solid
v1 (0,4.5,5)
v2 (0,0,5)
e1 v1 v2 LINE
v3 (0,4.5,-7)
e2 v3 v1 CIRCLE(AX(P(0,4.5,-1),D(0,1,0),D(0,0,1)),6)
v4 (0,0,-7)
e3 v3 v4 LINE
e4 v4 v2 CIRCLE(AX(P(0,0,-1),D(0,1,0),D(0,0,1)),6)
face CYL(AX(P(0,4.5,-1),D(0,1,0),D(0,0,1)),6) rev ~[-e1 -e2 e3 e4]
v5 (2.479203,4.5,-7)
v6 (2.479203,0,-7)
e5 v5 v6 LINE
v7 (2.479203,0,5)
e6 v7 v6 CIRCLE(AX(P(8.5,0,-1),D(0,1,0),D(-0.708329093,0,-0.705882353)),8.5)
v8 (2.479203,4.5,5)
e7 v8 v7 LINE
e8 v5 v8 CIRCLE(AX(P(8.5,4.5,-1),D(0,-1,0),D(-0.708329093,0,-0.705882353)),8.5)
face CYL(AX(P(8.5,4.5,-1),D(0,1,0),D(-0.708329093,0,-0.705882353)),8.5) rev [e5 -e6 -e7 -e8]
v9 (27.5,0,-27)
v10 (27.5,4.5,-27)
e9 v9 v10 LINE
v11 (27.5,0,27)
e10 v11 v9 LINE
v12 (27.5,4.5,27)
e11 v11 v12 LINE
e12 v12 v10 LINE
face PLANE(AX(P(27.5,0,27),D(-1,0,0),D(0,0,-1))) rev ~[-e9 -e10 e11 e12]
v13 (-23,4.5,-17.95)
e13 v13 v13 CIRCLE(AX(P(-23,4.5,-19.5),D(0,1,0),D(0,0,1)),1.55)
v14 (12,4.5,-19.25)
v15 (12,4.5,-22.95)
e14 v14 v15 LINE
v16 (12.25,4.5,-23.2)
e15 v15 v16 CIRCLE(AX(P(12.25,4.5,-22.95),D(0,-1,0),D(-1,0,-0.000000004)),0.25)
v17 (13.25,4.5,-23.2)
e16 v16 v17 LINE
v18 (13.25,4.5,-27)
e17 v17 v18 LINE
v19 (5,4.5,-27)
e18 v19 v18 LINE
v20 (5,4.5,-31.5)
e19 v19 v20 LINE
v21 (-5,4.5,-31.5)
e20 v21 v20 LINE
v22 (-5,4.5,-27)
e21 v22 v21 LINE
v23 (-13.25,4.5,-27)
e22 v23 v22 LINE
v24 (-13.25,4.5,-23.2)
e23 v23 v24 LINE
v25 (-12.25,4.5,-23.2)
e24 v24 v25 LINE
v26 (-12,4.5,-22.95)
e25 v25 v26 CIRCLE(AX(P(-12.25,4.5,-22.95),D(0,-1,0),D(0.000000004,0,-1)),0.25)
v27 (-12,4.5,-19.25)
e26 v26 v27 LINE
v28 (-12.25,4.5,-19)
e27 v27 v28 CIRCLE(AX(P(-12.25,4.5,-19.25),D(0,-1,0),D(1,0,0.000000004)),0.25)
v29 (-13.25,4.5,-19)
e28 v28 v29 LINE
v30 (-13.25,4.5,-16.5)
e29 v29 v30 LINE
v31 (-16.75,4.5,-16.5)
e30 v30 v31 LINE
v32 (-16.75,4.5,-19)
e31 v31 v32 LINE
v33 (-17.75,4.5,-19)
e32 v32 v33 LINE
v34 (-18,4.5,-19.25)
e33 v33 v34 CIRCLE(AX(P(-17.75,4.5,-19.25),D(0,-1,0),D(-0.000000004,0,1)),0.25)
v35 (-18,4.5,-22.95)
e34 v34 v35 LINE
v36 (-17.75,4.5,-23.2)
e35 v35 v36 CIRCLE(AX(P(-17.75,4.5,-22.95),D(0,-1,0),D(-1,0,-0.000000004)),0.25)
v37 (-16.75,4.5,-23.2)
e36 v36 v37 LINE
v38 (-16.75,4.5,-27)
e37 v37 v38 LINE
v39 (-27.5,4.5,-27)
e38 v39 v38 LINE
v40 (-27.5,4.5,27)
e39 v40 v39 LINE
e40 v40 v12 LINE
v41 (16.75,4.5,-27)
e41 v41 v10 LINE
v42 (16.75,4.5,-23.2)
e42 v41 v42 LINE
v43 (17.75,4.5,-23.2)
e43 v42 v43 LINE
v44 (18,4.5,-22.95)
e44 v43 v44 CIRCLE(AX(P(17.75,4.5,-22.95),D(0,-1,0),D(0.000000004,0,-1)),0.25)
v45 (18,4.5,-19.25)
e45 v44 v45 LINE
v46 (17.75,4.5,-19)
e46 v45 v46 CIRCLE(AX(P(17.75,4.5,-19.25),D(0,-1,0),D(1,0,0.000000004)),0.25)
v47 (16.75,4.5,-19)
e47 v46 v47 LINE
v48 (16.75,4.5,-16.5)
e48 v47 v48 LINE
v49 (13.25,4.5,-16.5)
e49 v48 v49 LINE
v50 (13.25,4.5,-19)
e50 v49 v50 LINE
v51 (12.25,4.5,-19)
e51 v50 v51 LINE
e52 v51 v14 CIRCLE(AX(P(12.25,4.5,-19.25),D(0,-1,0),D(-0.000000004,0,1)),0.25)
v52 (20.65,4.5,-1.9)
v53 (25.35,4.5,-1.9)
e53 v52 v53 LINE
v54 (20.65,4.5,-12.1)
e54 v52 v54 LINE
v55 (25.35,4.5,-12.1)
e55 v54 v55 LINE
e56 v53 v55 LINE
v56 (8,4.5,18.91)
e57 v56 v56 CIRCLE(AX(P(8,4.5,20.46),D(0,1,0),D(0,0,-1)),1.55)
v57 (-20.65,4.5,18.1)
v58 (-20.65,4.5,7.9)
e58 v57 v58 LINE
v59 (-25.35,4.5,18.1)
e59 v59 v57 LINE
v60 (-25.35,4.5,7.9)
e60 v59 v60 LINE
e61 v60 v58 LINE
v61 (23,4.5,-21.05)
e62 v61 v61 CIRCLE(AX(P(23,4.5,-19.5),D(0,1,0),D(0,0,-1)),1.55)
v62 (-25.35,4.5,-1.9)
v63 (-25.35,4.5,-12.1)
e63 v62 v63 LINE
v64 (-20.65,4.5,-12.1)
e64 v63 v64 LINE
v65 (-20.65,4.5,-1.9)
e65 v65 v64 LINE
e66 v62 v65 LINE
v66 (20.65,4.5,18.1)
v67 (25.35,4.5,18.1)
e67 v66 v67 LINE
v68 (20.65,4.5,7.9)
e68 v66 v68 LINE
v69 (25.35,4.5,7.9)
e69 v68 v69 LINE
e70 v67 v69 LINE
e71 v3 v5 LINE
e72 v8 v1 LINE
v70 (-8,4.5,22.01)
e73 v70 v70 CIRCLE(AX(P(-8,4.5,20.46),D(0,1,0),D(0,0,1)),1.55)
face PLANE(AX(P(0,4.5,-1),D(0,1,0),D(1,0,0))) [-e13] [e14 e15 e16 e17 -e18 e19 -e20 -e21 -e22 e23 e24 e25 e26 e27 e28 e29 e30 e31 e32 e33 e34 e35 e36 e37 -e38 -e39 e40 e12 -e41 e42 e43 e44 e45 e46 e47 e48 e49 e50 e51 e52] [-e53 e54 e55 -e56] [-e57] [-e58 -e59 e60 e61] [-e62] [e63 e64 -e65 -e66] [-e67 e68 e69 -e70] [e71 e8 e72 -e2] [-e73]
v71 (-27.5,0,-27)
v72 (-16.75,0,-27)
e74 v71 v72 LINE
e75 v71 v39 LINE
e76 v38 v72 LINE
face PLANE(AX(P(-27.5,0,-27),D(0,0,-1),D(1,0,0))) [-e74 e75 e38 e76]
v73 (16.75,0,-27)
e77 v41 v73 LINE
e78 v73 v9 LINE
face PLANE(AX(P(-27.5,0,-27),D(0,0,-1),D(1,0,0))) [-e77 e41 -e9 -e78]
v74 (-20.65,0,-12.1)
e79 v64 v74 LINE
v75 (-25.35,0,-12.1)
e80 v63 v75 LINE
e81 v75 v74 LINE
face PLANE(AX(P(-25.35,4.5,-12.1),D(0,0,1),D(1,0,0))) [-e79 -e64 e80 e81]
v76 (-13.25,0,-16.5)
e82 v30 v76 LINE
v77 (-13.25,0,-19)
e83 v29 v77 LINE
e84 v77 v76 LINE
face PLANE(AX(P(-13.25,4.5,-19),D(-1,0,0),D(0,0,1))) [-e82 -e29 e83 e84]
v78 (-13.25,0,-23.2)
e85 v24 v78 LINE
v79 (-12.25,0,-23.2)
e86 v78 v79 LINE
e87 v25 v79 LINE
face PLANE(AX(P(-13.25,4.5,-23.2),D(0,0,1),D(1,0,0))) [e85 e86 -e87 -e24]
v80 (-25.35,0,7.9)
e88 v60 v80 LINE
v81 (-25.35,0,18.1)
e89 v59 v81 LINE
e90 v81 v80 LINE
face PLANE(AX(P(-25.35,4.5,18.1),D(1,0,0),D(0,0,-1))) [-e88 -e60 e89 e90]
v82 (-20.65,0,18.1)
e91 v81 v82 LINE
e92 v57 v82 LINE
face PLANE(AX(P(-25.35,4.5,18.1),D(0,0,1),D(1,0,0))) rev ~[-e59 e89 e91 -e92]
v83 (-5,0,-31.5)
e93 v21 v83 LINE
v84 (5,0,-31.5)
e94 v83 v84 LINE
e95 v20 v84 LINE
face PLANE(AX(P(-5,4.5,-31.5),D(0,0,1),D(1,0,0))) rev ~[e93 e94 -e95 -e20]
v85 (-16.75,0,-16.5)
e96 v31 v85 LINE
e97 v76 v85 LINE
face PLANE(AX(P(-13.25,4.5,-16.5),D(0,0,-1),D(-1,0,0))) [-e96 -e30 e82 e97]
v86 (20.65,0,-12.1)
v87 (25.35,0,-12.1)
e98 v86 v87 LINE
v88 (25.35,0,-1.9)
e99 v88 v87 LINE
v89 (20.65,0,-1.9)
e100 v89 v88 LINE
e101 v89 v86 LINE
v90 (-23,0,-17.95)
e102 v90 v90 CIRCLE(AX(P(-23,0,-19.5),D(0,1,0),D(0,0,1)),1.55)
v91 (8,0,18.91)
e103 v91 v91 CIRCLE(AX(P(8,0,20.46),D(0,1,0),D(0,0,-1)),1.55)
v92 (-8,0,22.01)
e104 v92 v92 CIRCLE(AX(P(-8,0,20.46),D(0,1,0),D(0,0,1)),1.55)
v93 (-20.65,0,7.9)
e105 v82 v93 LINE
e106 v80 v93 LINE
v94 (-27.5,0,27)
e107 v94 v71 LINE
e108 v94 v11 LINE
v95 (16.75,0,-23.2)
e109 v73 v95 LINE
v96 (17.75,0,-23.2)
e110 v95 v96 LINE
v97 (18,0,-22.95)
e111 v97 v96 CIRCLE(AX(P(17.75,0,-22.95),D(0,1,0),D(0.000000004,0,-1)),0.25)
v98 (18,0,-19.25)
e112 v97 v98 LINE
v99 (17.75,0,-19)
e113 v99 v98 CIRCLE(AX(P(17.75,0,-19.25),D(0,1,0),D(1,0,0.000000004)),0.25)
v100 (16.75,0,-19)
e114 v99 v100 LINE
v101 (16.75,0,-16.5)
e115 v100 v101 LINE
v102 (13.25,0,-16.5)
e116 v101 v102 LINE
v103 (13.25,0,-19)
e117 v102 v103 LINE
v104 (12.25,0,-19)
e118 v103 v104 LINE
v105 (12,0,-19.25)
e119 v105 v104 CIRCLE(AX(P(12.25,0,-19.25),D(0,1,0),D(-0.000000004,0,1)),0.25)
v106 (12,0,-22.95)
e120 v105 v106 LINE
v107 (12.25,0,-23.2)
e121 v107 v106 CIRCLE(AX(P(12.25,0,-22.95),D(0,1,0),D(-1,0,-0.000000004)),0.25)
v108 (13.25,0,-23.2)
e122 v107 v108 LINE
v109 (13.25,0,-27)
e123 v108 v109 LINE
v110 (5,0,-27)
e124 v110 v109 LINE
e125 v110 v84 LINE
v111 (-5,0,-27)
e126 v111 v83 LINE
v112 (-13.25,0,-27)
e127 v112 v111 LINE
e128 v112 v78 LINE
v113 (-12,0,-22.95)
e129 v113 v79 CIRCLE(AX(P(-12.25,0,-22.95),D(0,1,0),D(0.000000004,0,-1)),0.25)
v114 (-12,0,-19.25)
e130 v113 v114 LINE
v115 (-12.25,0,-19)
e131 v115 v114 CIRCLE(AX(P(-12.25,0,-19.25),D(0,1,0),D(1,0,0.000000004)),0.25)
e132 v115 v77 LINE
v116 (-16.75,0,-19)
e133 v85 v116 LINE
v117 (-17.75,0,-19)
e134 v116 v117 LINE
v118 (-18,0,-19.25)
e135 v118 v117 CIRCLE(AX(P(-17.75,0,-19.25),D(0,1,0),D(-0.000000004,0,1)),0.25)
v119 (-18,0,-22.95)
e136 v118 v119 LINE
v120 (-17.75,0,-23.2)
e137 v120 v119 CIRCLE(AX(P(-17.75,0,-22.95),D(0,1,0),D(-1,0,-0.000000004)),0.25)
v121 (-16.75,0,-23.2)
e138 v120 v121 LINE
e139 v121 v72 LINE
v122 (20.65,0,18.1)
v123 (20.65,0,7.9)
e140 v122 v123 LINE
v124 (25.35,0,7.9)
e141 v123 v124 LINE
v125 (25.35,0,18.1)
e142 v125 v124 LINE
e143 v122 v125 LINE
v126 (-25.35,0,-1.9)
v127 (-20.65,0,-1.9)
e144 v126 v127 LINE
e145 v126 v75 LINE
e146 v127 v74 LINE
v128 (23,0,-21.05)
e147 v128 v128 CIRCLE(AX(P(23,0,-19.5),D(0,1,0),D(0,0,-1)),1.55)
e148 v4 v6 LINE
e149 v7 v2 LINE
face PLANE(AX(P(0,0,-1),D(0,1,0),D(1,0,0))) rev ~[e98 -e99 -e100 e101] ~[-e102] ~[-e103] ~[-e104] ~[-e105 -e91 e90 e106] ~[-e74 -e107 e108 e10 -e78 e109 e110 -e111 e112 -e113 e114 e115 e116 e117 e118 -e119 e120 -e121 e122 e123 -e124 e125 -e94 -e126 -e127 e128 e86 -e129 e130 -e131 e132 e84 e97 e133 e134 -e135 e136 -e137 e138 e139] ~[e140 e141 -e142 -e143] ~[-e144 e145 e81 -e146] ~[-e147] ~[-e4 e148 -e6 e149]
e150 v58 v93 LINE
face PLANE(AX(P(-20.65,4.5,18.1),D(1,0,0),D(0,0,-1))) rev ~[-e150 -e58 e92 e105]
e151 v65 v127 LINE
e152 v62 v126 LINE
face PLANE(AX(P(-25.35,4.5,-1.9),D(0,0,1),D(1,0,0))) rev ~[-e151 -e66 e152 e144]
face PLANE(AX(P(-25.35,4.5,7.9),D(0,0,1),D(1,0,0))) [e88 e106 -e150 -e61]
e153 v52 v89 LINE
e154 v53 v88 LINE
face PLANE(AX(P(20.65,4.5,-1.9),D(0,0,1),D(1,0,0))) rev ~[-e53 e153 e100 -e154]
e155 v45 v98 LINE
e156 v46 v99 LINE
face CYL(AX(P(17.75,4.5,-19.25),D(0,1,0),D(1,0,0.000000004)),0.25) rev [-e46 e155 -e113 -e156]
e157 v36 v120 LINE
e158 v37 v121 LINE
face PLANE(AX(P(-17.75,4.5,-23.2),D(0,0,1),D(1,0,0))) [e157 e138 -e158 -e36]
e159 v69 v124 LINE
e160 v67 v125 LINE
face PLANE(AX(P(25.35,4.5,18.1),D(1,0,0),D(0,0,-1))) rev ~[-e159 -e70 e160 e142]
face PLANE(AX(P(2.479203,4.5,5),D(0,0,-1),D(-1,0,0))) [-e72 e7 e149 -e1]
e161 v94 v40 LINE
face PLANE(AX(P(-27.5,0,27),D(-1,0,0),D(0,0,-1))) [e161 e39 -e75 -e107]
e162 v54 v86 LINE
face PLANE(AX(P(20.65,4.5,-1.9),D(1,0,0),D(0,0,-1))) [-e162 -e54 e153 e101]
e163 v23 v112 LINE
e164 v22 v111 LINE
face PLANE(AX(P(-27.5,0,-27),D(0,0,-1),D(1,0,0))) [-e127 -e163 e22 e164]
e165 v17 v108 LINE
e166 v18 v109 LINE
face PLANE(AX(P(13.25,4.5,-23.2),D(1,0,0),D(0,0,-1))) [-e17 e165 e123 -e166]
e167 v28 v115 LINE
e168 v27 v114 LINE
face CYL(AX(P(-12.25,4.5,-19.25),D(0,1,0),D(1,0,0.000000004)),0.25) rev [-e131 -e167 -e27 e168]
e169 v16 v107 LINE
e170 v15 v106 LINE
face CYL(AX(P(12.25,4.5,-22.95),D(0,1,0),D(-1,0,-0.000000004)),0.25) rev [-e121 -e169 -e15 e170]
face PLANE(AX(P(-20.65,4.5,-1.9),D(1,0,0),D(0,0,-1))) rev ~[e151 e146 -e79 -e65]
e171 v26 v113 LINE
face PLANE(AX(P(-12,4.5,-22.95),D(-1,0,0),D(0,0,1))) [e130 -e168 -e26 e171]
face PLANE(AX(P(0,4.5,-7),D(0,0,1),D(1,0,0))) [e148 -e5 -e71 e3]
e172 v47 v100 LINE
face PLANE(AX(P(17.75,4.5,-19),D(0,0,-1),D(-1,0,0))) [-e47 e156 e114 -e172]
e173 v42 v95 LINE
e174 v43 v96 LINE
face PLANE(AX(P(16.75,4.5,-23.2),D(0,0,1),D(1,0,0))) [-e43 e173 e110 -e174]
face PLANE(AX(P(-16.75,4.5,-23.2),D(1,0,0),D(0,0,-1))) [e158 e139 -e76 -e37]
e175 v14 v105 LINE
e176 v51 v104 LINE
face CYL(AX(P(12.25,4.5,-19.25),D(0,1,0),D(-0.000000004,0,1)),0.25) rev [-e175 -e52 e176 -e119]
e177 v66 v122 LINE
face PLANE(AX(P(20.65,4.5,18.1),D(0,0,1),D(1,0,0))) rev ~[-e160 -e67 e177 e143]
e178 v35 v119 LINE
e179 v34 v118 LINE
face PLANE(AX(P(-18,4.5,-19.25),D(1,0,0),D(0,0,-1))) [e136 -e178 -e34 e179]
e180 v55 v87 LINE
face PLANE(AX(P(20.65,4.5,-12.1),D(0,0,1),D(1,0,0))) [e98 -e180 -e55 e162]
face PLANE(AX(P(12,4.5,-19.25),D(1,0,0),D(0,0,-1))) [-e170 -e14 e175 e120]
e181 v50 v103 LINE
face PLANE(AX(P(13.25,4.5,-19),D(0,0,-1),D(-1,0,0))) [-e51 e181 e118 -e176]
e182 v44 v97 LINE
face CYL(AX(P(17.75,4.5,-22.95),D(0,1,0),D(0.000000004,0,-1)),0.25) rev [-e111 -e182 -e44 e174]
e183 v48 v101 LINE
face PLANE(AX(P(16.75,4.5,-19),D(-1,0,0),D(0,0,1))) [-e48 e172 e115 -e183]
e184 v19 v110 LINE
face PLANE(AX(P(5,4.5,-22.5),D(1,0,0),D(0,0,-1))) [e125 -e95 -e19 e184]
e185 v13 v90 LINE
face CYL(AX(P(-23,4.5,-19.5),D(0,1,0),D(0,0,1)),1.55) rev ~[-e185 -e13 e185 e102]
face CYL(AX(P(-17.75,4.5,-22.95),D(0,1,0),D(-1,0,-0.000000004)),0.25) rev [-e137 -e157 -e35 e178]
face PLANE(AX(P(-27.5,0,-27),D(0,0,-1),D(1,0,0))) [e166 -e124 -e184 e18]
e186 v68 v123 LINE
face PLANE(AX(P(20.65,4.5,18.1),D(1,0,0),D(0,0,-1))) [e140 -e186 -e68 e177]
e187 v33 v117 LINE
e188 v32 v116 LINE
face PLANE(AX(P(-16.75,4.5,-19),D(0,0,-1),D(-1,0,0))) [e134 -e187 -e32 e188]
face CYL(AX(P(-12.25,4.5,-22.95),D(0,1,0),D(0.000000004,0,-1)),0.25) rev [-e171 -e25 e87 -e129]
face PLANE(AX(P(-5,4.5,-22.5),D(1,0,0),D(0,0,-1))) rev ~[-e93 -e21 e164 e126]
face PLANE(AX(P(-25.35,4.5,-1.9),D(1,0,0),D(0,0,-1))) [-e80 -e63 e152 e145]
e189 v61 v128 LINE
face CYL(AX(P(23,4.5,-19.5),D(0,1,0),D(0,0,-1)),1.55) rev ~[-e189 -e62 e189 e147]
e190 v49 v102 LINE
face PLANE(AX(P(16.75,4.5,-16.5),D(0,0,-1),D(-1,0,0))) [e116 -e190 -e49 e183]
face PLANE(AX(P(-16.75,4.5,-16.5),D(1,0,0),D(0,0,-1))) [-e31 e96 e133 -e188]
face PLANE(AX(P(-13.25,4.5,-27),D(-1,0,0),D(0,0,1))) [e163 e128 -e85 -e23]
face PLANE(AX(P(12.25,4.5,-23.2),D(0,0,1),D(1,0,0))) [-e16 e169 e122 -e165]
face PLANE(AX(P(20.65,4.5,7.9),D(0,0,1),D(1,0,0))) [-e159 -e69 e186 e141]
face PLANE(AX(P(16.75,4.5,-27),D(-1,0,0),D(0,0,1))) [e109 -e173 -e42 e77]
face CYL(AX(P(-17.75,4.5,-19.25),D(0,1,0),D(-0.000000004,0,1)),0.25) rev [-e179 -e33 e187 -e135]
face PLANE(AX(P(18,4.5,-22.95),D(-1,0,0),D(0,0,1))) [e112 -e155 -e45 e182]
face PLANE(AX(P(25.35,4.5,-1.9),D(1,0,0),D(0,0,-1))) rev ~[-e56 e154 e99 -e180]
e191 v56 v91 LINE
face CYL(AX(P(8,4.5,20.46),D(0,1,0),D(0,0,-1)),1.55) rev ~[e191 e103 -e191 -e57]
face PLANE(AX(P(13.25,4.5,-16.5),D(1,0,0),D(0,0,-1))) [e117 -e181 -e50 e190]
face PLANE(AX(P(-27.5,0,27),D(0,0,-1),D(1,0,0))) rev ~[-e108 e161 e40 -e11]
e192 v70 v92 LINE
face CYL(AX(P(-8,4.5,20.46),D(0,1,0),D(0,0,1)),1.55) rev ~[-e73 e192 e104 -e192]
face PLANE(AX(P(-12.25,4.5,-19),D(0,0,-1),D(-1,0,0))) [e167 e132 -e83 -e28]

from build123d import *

# Parameters (mm, degrees)
SKETCH1_W           = 55
SKETCH1_H           = 54
MAINSHAPE_DEPTH     = 4.5
SKETCH2_W           = 10
SKETCH2_H           = 9
TAB1_DEPTH          = 4.5
CUT_EXTRUDE2_DEPTH  = 43.056509603
SKETCH5_W           = 4.7
SKETCH5_H           = 10.2
CUT_EXTRUDE3_DEPTH  = 43.056509603
SKETCH6_R           = 12
CUT_EXTRUDE4_DEPTH  = 43.056509603
SKETCH8_R           = 1.55
CUT_EXTRUDE6_DEPTH  = 43.056509603
SKETCH11_R          = 1.55
CUT_EXTRUDE8_DEPTH  = 43.056509603
SKETCH15_R          = 12
SKETCH15_R_2        = 6
BOSS_EXTRUDE2_DEPTH = 4.5
CUT_EXTRUDE10_DEPTH = 43.056509603


with BuildPart() as part:
    # Sketch1 → MainShape (new body)
    with BuildSketch(Plane(origin=(0, 0, 0), x_dir=(1, 0, 0), z_dir=(0, 1, 0))):
        Rectangle(SKETCH1_W, SKETCH1_H)
    extrude(amount=MAINSHAPE_DEPTH)

    # Sketch2 → Tab1 (add, through all)
    with BuildSketch(Plane(origin=(0, 4.5, 0), x_dir=(1, 0, 0), z_dir=(0, 1, 0))):
        with Locations((0, 27)):
            Rectangle(SKETCH2_W, SKETCH2_H)
    extrude(amount=-TAB1_DEPTH)

    # Sketch4 → Cut-Extrude2 (cut, through all)
    with BuildSketch(Plane(origin=(0, 4.5, 0), x_dir=(1, 0, 0), z_dir=(0, 1, 0))):
        with BuildLine():
            Line((-13.25, 16.5), (-16.75, 16.5))
            Line((-16.75, 16.5), (-16.75, 19))
            Line((-16.75, 19), (-17.75, 19))
            ThreePointArc((-17.75, 19), (-17.926776695, 19.073223305), (-18, 19.25))
            Line((-18, 19.25), (-18, 22.95))
            ThreePointArc((-18, 22.95), (-17.926776695, 23.126776695), (-17.75, 23.2))
            Line((-17.75, 23.2), (-16.75, 23.2))
            Line((-16.75, 23.2), (-16.75, 27))
            Line((-16.75, 27), (-13.25, 27))
            Line((-13.25, 27), (-13.25, 23.2))
            Line((-13.25, 23.2), (-12.25, 23.2))
            ThreePointArc((-12.25, 23.2), (-12.073223305, 23.126776695), (-12, 22.95))
            Line((-12, 22.95), (-12, 19.25))
            ThreePointArc((-12, 19.25), (-12.073223305, 19.073223305), (-12.25, 19))
            Line((-12.25, 19), (-13.25, 19))
            Line((-13.25, 19), (-13.25, 16.5))
        make_face()
        with BuildLine():
            Line((13.25, 16.5), (13.25, 19))
            Line((13.25, 19), (12.25, 19))
            ThreePointArc((12.25, 19), (12.073223305, 19.073223305), (12, 19.25))
            Line((12, 19.25), (12, 22.95))
            ThreePointArc((12, 22.95), (12.073223305, 23.126776695), (12.25, 23.2))
            Line((12.25, 23.2), (13.25, 23.2))
            Line((13.25, 23.2), (13.25, 27))
            Line((13.25, 27), (16.75, 27))
            Line((16.75, 27), (16.75, 23.2))
            Line((16.75, 23.2), (17.75, 23.2))
            ThreePointArc((17.75, 23.2), (17.926776695, 23.126776695), (18, 22.95))
            Line((18, 22.95), (18, 19.25))
            ThreePointArc((18, 19.25), (17.926776695, 19.073223305), (17.75, 19))
            Line((17.75, 19), (16.75, 19))
            Line((16.75, 19), (16.75, 16.5))
            Line((16.75, 16.5), (13.25, 16.5))
        make_face()
    extrude(amount=-CUT_EXTRUDE2_DEPTH, mode=Mode.SUBTRACT)

    # Sketch5 → Cut-Extrude3 (cut, through all)
    with BuildSketch(Plane(origin=(0, 4.5, 0), x_dir=(1, 0, 0), z_dir=(0, 1, 0))):
        with Locations((23, 7)):
            Rectangle(SKETCH5_W, SKETCH5_H)
        with Locations((-23, 7)):
            Rectangle(SKETCH5_W, SKETCH5_H)
        with Locations((-23, -13)):
            Rectangle(SKETCH5_W, SKETCH5_H)
        with Locations((23, -13)):
            Rectangle(SKETCH5_W, SKETCH5_H)
    extrude(amount=-CUT_EXTRUDE3_DEPTH, mode=Mode.SUBTRACT)

    # Sketch6 → Cut-Extrude4 (cut, through all)
    with BuildSketch(Plane(origin=(0, 4.5, 0), x_dir=(1, 0, 0), z_dir=(0, 1, 0))):
        with Locations(Location((0, 1, 0), (0, 0, 270))):
            Circle(SKETCH6_R)
    extrude(amount=-CUT_EXTRUDE4_DEPTH, mode=Mode.SUBTRACT)

    # Sketch8 → Cut-Extrude6 (cut, through all)
    with BuildSketch(Plane(origin=(0, 4.5, 0), x_dir=(1, 0, 0), z_dir=(0, 1, 0))):
        with Locations(Location((-8, -20.46, 0), (0, 0, 270))):
            Circle(SKETCH8_R)
        with Locations(Location((8, -20.46, 0), (0, 0, 90))):
            Circle(SKETCH8_R)
    extrude(amount=-CUT_EXTRUDE6_DEPTH, mode=Mode.SUBTRACT)

    # Sketch11 → Cut-Extrude8 (cut, through all)
    with BuildSketch(Plane(origin=(0, 4.5, 0), x_dir=(1, 0, 0), z_dir=(0, 1, 0))):
        with Locations(Location((-23, 19.5, 0), (0, 0, 270))):
            Circle(SKETCH11_R)
        with Locations(Location((23, 19.5, 0), (0, 0, 90))):
            Circle(SKETCH11_R)
    extrude(amount=-CUT_EXTRUDE8_DEPTH, mode=Mode.SUBTRACT)

    # Sketch15 → Boss-Extrude2 (add, through all)
    with BuildSketch(Plane(origin=(0, 4.5, 0), x_dir=(1, 0, 0), z_dir=(0, 1, 0))):
        with Locations((0, 1)):
            Circle(SKETCH15_R)
        with Locations(Location((0, 1, 0), (0, 0, 270))):
            Circle(SKETCH15_R_2, mode=Mode.SUBTRACT)
    extrude(amount=-BOSS_EXTRUDE2_DEPTH)

    # Sketch16 → Cut-Extrude10 (cut, through all)
    with BuildSketch(Plane(origin=(0, 4.5, 0), x_dir=(1, 0, 0), z_dir=(0, 1, 0))):
        with BuildLine():
            Line((0, 7), (2.479202711, 7))
            ThreePointArc((2.479202711, 7), (17, 1), (2.479202711, -5))
            Line((2.479202711, -5), (0, -5))
            Line((0, -5), (0, 7))
        make_face()
    extrude(amount=-CUT_EXTRUDE10_DEPTH, mode=Mode.SUBTRACT)


solid = part.part
